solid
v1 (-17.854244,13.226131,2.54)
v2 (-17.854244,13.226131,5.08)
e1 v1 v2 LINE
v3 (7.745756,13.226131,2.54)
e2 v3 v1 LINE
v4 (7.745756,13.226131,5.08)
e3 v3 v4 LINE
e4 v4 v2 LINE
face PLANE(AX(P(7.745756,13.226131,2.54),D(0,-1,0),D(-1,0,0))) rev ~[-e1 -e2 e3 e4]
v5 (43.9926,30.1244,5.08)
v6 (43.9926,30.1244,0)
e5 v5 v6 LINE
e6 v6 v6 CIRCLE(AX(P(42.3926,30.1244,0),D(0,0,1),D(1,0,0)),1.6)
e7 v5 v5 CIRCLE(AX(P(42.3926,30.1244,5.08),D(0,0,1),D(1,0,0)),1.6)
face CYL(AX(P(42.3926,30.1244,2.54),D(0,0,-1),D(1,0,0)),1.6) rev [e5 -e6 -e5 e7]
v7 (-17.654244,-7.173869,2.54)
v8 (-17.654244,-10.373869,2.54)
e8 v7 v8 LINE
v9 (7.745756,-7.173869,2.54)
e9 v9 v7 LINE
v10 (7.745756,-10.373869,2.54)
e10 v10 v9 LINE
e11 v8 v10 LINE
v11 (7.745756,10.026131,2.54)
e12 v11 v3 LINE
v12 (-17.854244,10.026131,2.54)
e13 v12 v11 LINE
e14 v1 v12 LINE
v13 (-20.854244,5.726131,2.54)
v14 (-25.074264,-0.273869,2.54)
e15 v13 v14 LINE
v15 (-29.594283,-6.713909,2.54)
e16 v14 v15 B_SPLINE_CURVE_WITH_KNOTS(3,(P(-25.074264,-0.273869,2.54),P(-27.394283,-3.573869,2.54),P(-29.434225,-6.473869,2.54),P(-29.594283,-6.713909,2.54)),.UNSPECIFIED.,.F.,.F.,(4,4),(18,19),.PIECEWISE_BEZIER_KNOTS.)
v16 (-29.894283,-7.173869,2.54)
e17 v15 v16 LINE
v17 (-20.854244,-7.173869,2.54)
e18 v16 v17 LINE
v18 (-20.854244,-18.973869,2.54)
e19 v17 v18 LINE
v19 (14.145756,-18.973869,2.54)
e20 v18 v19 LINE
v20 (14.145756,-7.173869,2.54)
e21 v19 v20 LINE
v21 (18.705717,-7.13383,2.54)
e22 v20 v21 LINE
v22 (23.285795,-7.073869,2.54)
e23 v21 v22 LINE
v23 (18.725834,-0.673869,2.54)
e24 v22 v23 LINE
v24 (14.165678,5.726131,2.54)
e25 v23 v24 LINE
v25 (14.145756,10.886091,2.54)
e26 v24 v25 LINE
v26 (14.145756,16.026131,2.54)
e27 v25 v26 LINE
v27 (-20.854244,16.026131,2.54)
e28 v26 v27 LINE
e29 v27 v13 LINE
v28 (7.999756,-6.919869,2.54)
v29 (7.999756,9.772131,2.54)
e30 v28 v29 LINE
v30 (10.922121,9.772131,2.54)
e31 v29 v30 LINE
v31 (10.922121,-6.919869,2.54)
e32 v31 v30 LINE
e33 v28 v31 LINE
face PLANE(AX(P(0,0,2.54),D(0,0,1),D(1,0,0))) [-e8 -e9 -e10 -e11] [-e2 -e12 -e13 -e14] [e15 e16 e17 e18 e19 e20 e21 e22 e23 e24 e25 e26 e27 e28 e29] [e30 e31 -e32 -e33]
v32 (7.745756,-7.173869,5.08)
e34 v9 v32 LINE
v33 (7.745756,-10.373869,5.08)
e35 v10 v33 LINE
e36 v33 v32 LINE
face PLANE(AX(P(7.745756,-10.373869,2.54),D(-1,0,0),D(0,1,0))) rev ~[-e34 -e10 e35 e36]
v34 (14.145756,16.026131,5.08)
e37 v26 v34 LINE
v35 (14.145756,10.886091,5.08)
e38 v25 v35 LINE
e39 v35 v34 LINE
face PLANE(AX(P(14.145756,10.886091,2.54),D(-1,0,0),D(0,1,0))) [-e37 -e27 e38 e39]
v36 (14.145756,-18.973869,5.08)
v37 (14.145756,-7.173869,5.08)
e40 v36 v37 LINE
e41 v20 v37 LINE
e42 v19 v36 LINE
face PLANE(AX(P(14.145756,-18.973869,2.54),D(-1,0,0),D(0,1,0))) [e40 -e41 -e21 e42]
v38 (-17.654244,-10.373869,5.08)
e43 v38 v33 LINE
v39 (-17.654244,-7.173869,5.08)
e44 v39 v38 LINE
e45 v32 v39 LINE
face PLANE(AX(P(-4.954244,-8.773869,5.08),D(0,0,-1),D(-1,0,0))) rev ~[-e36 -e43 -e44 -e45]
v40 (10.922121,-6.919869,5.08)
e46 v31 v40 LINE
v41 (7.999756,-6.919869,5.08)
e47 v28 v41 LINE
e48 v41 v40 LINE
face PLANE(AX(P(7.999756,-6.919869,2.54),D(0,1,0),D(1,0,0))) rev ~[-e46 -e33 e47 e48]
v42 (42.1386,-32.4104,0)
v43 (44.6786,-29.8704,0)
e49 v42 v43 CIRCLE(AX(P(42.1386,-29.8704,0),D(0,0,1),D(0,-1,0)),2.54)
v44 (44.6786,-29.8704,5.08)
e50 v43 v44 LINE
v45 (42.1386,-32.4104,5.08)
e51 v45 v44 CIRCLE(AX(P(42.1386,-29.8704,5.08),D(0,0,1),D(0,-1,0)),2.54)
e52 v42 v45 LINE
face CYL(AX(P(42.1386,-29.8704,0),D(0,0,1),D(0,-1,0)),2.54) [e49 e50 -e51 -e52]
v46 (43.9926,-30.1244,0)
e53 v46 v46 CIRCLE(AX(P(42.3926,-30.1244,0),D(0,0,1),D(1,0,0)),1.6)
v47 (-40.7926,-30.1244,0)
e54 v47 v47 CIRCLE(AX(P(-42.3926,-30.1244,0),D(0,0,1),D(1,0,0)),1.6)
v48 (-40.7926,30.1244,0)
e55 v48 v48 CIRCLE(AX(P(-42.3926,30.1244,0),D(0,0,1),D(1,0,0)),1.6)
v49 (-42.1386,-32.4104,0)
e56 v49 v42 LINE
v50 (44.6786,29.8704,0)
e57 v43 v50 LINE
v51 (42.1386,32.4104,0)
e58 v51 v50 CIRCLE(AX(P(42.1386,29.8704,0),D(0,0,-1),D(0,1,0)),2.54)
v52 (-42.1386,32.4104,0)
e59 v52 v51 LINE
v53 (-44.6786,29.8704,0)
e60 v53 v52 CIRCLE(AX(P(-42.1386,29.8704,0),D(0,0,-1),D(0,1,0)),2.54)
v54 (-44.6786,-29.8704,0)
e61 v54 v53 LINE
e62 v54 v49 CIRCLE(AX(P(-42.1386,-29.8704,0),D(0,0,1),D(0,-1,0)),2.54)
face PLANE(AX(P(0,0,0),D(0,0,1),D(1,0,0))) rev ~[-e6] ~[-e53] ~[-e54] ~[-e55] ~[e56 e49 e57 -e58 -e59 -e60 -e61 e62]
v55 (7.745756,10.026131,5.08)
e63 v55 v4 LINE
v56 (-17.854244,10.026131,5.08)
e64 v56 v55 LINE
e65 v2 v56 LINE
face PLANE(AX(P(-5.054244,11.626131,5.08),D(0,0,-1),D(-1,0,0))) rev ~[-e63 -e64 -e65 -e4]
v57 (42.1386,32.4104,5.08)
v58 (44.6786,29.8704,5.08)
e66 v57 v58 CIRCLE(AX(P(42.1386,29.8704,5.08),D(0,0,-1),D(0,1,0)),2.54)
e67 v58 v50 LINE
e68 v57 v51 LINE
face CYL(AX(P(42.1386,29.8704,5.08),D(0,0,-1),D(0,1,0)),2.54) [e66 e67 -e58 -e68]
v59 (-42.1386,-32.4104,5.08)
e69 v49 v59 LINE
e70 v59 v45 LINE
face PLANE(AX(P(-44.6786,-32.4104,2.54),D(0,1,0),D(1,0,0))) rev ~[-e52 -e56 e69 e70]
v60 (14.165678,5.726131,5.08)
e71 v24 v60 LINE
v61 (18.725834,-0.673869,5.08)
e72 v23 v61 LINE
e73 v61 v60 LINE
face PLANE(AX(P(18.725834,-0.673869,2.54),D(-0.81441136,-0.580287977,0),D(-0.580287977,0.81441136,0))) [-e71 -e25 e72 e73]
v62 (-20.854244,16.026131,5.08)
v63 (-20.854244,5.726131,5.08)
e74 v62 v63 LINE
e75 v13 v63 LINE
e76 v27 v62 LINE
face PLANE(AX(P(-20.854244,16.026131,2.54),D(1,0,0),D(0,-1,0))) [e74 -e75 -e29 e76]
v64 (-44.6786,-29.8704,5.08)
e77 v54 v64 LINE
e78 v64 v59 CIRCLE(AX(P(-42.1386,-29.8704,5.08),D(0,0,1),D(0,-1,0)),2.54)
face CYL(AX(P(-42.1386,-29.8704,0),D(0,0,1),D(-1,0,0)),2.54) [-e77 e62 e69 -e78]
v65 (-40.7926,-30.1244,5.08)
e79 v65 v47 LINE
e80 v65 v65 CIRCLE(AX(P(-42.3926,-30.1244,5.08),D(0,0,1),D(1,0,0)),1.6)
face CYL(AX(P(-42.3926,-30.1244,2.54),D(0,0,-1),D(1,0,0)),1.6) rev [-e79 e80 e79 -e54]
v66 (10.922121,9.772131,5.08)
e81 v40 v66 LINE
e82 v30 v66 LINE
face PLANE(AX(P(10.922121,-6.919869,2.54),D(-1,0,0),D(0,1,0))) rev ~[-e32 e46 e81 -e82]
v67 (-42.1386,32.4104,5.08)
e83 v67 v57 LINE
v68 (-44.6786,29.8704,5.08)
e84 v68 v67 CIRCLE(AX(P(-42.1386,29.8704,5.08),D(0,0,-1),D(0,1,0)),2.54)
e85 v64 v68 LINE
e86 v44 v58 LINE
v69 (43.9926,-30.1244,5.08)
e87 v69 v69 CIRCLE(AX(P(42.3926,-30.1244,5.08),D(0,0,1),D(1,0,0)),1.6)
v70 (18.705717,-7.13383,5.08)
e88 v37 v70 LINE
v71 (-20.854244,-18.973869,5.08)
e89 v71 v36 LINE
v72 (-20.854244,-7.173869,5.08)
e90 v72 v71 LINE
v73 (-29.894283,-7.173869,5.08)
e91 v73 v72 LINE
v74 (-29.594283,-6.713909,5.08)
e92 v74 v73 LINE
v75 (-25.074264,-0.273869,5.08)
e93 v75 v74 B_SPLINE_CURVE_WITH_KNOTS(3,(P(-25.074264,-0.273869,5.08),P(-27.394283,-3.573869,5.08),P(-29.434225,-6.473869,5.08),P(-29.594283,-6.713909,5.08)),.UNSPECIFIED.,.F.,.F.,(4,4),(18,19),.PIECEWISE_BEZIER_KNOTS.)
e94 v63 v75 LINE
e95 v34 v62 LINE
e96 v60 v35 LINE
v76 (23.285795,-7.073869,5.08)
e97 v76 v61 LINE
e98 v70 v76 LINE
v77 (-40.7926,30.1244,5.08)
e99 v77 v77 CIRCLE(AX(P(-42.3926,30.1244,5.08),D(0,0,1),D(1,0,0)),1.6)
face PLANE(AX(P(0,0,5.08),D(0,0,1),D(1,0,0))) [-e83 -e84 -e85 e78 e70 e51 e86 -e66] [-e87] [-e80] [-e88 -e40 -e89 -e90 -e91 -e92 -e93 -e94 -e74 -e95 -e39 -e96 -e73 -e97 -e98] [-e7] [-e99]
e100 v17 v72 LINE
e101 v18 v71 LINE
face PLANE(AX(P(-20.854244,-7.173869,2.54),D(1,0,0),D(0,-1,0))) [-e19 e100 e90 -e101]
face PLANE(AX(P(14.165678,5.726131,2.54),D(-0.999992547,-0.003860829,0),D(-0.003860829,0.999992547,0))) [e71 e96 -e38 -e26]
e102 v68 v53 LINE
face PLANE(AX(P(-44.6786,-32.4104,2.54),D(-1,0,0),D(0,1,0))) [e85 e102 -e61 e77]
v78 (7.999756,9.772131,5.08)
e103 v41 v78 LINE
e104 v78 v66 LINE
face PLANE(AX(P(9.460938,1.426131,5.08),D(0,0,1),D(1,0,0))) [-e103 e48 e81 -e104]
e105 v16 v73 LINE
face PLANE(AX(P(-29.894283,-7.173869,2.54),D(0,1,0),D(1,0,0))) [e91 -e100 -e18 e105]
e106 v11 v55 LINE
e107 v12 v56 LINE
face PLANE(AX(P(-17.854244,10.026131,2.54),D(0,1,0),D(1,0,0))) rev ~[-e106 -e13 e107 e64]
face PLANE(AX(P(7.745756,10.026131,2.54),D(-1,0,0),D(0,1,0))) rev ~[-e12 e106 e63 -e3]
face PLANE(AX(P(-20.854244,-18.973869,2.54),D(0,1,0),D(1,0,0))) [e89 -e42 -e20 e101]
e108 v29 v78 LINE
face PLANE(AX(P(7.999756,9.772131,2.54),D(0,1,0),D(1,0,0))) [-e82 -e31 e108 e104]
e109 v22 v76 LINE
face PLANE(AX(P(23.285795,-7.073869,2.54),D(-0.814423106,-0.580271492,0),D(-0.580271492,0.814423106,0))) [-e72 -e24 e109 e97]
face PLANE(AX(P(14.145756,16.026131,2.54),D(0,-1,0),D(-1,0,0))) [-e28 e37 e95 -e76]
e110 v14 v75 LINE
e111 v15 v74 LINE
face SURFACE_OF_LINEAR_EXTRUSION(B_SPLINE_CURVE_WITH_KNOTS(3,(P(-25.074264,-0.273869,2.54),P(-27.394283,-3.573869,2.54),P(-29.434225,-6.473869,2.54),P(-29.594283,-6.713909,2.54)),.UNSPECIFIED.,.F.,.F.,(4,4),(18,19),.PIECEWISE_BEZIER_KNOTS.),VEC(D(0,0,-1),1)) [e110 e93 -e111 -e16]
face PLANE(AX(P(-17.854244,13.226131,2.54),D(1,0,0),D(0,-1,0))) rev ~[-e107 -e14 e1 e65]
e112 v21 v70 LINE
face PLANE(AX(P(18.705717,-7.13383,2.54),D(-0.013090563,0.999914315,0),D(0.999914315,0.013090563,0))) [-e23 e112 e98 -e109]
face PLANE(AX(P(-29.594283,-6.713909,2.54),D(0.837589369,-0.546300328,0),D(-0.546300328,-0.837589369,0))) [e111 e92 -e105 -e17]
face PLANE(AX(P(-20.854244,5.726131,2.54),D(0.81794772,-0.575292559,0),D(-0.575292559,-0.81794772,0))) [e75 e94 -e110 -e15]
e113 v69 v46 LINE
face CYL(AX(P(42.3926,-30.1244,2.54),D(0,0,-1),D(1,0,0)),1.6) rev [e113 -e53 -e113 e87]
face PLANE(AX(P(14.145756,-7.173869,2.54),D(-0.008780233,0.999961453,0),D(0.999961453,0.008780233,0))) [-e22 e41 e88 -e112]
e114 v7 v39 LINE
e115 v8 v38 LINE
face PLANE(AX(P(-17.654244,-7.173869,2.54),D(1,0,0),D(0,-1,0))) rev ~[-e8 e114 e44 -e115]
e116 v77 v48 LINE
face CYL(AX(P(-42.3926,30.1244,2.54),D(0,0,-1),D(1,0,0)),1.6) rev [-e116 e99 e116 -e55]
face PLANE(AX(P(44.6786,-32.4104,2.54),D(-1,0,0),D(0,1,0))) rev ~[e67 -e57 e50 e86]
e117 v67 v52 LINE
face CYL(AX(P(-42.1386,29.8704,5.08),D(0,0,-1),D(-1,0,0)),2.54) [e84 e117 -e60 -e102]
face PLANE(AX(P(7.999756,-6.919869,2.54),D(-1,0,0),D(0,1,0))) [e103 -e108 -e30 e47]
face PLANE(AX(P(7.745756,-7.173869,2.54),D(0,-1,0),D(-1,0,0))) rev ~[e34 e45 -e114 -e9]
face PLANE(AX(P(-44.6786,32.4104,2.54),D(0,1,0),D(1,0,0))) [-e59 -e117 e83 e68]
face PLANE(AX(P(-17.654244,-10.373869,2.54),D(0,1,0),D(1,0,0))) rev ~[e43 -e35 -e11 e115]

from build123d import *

# Parameters (mm, degrees)
SKETCH1_W            = 89.3572
SKETCH1_H            = 64.8208
SKETCH1_R            = 1.6
BOSS_EXTRUDE1_DEPTH  = 2.54
SKETCH2_W            = 89.3572
SKETCH2_H            = 64.8208
SKETCH2_R            = 1.6
SKETCH2_W_2          = 25.6
SKETCH2_H_2          = 3.2
SKETCH2_W_3          = 25.4
BOSS_EXTRUDE11_DEPTH = 2.54
SKETCH3_W            = 2.92236531
SKETCH3_H            = 16.692
BOSS_EXTRUDE13_DEPTH = 2.54
FILLET1_R            = 2.54


with BuildPart() as part:
    # Sketch1 → Boss-Extrude1 (new body)
    with BuildSketch(Plane.XY):
        Rectangle(SKETCH1_W, SKETCH1_H)
        with Locations((-42.3926, 30.1244)):
            Circle(SKETCH1_R, mode=Mode.SUBTRACT)
        with Locations((-42.3926, -30.1244)):
            Circle(SKETCH1_R, mode=Mode.SUBTRACT)
        with Locations((42.3926, -30.1244)):
            Circle(SKETCH1_R, mode=Mode.SUBTRACT)
        with Locations((42.3926, 30.1244)):
            Circle(SKETCH1_R, mode=Mode.SUBTRACT)
    extrude(amount=BOSS_EXTRUDE1_DEPTH)

    # Sketch2 → Boss-Extrude11 (add)
    # profile 1 of 3: a face of its own
    with BuildSketch(Plane.XY.offset(2.54)):
        Rectangle(SKETCH2_W, SKETCH2_H)
        with Locations((-42.3926, -30.1244)):
            Circle(SKETCH2_R, mode=Mode.SUBTRACT)
        with BuildLine():
            Line((-20.85424435, -7.173869479), (-29.894283412, -7.173869479))
            Line((-29.894283412, -7.173869479), (-29.594283412, -6.713908542))
            add(Edge.make_bspline(
                [(-25.074263881, -0.273869479), (-27.394283412, -3.573869479), (-29.434224819, -6.473869479), (-29.594283412, -6.713908542)],
                knots=[18, 18, 18, 18, 19, 19, 19, 19], degree=3))
            Line((-25.074263881, -0.273869479), (-20.85424435, 5.726130521))
            Line((-20.85424435, 5.726130521), (-20.85424435, 16.026130521))
            Line((-20.85424435, 16.026130521), (14.14575565, 16.026130521))
            Line((14.14575565, 16.026130521), (14.14575565, 10.886091458))
            Line((14.14575565, 10.886091458), (14.165677525, 5.726130521))
            Line((14.165677525, 5.726130521), (18.725833775, -0.673869479))
            Line((18.725833775, -0.673869479), (23.285794713, -7.073869479))
            Line((23.285794713, -7.073869479), (18.705716588, -7.133830417))
            Line((18.705716588, -7.133830417), (14.14575565, -7.173869479))
            Line((14.14575565, -7.173869479), (14.14575565, -18.973869479))
            Line((14.14575565, -18.973869479), (-20.85424435, -18.973869479))
            Line((-20.85424435, -18.973869479), (-20.85424435, -7.173869479))
        make_face(mode=Mode.SUBTRACT)
        with Locations((42.3926, -30.1244)):
            Circle(SKETCH2_R, mode=Mode.SUBTRACT)
        with Locations((-42.3926, 30.1244)):
            Circle(SKETCH2_R, mode=Mode.SUBTRACT)
        with Locations((42.3926, 30.1244)):
            Circle(SKETCH2_R, mode=Mode.SUBTRACT)
    # profile 2 of 3: a face of its own
    with BuildSketch(Plane.XY.offset(2.54)):
        with Locations((-5.05424435, 11.626130521)):
            Rectangle(SKETCH2_W_2, SKETCH2_H_2)
    # profile 3 of 3: a face of its own
    with BuildSketch(Plane.XY.offset(2.54)):
        with Locations((-4.95424435, -8.773869479)):
            Rectangle(SKETCH2_W_3, SKETCH2_H_2)
    extrude(amount=BOSS_EXTRUDE11_DEPTH)

    # Sketch3 → Boss-Extrude13 (add)
    with BuildSketch(Plane.XY.offset(2.54)):
        with Locations((9.460938305, 1.426130521)):
            Rectangle(SKETCH3_W, SKETCH3_H)
    extrude(amount=BOSS_EXTRUDE13_DEPTH)

    # Fillet1
    fillet1_edges = [part.edges().sort_by_distance(p)[0] for p in [
        (-44.6786, -32.4104, 2.54),
        (-44.6786, 32.4104, 2.54),
        (44.6786, 32.4104, 2.54),
        (44.6786, -32.4104, 2.54),
    ]]
    fillet(fillet1_edges, radius=FILLET1_R)


solid = part.part
